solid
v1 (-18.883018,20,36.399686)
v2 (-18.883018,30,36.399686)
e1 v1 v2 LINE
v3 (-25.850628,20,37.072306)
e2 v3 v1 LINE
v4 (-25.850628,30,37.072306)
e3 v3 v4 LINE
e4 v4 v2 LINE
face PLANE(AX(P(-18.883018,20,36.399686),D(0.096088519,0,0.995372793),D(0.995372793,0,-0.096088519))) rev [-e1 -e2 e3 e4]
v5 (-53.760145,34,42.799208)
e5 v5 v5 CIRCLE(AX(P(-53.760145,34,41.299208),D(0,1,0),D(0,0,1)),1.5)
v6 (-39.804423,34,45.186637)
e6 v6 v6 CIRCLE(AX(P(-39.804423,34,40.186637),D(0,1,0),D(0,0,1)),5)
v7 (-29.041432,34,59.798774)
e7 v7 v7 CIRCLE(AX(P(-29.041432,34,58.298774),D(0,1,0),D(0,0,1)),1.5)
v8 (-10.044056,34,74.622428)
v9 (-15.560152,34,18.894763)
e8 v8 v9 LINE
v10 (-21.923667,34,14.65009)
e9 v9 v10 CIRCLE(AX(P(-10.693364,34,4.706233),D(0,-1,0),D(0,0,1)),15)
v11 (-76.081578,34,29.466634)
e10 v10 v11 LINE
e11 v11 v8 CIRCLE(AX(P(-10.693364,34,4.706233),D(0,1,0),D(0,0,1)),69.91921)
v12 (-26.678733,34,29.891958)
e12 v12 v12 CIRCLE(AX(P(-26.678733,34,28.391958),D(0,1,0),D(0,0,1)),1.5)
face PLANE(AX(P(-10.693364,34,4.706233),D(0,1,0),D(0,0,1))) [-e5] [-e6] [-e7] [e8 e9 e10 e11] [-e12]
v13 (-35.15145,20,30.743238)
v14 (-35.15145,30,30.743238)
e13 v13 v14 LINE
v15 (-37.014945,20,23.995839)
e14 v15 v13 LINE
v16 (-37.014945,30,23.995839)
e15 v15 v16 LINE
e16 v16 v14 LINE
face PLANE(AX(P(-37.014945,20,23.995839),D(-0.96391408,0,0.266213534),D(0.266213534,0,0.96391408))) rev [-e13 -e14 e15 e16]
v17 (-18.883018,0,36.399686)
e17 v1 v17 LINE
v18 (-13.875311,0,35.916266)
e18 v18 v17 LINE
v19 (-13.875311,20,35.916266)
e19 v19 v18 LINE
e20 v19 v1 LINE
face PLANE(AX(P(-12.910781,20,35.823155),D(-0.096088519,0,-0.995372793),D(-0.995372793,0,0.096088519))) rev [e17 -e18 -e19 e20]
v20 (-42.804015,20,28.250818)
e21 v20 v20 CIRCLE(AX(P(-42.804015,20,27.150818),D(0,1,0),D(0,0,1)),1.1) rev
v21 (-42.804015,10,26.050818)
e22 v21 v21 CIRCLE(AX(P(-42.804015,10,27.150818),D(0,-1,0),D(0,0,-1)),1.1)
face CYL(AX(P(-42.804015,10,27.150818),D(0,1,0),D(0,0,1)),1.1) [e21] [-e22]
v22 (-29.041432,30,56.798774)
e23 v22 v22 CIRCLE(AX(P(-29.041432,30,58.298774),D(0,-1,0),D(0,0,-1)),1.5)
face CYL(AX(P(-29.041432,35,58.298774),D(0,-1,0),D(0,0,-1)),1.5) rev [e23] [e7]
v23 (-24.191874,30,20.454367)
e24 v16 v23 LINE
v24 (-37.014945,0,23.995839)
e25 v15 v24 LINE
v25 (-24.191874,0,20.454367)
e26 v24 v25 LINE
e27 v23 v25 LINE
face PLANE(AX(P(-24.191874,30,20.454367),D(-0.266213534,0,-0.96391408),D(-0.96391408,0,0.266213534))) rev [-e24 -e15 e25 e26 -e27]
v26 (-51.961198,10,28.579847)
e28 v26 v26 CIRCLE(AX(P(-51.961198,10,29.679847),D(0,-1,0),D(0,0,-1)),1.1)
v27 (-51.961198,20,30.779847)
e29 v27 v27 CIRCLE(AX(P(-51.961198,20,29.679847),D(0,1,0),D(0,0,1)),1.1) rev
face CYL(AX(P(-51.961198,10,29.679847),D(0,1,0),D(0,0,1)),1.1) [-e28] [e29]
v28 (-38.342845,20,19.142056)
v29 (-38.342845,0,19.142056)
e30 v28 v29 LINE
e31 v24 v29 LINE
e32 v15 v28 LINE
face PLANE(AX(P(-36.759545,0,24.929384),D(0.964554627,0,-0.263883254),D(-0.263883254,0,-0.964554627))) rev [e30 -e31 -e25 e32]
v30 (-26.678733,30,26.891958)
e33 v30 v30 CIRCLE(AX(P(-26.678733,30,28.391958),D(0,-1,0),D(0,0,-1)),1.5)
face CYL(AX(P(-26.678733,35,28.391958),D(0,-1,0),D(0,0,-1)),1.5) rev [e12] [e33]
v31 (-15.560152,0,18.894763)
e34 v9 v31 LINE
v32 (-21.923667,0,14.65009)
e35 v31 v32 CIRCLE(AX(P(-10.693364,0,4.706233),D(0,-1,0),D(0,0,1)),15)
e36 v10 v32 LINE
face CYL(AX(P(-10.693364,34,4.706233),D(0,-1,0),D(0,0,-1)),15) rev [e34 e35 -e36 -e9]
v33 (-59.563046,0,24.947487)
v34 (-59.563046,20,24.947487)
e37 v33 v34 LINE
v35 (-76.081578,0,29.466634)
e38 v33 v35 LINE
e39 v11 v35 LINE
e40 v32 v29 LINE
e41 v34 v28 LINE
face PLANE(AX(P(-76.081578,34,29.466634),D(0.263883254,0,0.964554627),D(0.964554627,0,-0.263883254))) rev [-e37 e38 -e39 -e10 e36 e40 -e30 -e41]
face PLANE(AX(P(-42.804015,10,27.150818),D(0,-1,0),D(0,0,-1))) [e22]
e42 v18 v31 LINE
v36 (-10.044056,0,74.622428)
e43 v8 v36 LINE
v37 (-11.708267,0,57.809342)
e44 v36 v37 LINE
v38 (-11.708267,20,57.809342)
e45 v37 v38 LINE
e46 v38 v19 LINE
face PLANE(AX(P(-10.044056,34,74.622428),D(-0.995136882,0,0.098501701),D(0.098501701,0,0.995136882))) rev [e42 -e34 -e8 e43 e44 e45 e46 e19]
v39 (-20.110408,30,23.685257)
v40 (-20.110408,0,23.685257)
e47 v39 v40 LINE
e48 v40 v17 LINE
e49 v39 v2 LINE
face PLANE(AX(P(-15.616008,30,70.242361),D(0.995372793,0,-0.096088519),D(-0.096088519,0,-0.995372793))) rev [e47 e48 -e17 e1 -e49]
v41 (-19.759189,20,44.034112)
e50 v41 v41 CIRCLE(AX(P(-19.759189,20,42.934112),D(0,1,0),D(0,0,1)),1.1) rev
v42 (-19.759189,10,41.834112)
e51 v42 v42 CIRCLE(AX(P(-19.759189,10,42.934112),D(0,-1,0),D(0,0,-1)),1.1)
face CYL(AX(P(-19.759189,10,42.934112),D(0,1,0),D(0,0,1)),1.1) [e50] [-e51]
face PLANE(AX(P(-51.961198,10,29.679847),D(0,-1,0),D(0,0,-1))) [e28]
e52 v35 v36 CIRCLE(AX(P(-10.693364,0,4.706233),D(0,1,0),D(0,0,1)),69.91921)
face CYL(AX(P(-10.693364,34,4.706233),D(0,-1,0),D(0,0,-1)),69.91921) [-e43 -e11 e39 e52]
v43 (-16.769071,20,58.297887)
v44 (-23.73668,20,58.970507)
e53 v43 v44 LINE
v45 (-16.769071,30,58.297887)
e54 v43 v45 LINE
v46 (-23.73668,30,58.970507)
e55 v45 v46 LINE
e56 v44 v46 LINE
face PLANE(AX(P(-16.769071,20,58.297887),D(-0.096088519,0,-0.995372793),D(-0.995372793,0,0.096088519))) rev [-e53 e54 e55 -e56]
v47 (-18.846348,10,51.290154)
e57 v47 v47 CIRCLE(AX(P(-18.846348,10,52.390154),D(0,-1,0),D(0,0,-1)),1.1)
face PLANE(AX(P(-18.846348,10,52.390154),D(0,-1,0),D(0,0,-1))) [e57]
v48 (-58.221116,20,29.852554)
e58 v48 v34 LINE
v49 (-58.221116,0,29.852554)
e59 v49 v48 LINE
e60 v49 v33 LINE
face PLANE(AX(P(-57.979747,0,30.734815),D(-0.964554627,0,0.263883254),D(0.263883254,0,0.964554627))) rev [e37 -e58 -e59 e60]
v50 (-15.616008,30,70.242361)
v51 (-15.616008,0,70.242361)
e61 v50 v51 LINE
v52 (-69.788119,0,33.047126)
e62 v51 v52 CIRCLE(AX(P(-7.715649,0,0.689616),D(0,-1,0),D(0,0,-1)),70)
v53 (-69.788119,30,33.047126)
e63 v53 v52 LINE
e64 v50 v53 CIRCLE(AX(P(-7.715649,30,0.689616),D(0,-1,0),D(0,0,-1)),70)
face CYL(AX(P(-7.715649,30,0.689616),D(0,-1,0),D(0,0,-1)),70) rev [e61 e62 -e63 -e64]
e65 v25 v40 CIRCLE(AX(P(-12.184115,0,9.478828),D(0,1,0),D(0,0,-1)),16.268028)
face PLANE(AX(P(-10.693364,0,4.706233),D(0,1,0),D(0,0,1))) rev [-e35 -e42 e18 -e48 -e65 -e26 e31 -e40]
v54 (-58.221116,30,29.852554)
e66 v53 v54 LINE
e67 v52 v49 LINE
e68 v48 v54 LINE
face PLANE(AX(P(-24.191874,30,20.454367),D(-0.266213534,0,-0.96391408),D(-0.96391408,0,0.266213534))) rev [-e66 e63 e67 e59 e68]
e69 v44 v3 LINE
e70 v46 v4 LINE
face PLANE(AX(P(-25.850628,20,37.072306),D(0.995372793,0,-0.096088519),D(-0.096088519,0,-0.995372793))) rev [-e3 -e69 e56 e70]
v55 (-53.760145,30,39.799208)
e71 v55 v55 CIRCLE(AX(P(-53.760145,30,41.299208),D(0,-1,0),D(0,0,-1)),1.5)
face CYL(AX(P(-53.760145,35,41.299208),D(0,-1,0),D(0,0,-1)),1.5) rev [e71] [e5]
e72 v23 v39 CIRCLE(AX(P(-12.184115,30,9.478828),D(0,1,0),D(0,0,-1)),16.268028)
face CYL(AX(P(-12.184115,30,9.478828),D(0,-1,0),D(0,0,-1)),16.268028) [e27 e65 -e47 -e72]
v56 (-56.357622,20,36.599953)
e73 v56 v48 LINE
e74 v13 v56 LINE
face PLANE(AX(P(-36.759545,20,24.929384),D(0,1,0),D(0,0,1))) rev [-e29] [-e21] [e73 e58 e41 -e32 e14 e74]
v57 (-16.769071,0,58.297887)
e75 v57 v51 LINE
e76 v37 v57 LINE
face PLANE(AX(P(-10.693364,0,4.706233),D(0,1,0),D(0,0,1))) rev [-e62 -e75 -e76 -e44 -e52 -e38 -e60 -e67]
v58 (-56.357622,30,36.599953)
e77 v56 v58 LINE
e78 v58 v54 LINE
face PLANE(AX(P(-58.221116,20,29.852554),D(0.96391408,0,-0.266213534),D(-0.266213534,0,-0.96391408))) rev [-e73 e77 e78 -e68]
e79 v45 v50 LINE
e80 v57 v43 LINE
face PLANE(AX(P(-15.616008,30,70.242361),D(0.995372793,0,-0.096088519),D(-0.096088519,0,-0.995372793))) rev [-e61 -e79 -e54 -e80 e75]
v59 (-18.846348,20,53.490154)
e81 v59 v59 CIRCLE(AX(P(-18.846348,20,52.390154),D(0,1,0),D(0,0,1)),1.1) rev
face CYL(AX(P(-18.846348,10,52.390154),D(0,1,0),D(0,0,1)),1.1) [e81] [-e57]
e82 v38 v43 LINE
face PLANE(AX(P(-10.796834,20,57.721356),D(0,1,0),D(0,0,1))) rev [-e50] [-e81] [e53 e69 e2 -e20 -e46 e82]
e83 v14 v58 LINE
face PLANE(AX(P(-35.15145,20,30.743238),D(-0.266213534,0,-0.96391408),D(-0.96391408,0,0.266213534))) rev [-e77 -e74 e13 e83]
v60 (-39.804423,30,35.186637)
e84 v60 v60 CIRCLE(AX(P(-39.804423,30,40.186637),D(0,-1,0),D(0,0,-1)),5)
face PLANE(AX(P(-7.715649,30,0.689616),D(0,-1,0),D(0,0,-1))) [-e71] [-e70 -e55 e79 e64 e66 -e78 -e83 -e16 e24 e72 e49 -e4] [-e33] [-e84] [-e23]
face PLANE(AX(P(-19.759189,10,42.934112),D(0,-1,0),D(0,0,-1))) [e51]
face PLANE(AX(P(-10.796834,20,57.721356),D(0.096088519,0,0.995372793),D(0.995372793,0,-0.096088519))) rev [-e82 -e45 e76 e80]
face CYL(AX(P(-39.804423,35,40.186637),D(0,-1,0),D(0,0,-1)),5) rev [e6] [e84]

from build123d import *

# Parameters (mm, degrees)
BOSS_EXTRUDE1_DEPTH = 34
CUT_EXTRUDE1_DEPTH  = 30
SKETCH3_R           = 1.5
SKETCH3_R_2         = 5
CUT_EXTRUDE2_DEPTH  = 5
SKETCH4_W           = 22
SKETCH4_H           = 20
CUT_EXTRUDE3_DEPTH  = 6
SKETCH5_W           = 22
SKETCH5_H           = 20
CUT_EXTRUDE4_DEPTH  = 6
BOSS_EXTRUDE2_DEPTH = 10
SKETCH13_R          = 1.1
BOSS_EXTRUDE3_DEPTH = 10


with BuildPart() as part:
    # Sketch1 → Boss-Extrude1 (new body)
    with BuildSketch(Plane(origin=(0, 0, 0), x_dir=(1, 0, 0), z_dir=(0, 1, 0))):
        with BuildLine():
            Line((-76.081577676, -29.466634021), (-21.923666814, -14.650090384))
            ThreePointArc((-21.923666814, -14.650090384), (-19.017028504, -17.184879238), (-15.560151539, -18.894762991))
            Line((-15.560151539, -18.894762991), (-10.044056272, -74.622428409))
            ThreePointArc((-10.044056272, -74.622428409), (-50.159082361, -62.422374938), (-76.081577676, -29.466634021))
        make_face()
    extrude(amount=BOSS_EXTRUDE1_DEPTH)

    # Sketch2 → Cut-Extrude1 (cut)
    with BuildSketch(Plane.XZ):
        with BuildLine():
            Line((-15.616008473, 70.242360983), (-20.11040821, 23.685256516))
            ThreePointArc((-20.11040821, 23.685256516), (-22.281207254, 22.23411959), (-24.191874091, 20.454367051))
            Line((-24.191874091, 20.454367051), (-69.788119019, 33.047125828))
            ThreePointArc((-69.788119019, 33.047125828), (-47.337872486, 58.396456158), (-15.616008473, 70.242360983))
        make_face()
    extrude(amount=-CUT_EXTRUDE1_DEPTH, mode=Mode.SUBTRACT)

    # Sketch3 → Cut-Extrude2 (cut)
    with BuildSketch(Plane.XZ.offset(-30)):
        with Locations(Location((-26.678732616, 28.39195825, 0), (0, 0, 270))):
            Circle(SKETCH3_R)
        with Locations(Location((-53.760144922, 41.299208442, 0), (0, 0, 270))):
            Circle(SKETCH3_R)
        with Locations(Location((-29.04143221, 58.298774373, 0), (0, 0, 270))):
            Circle(SKETCH3_R)
        with Locations(Location((-39.804422608, 40.186637237, 0), (0, 0, 270))):
            Circle(SKETCH3_R_2)
    extrude(amount=-CUT_EXTRUDE2_DEPTH, mode=Mode.SUBTRACT)

    # Sketch4 → Cut-Extrude3 (cut)
    with BuildSketch(Plane(origin=(-22.190078988, 0, 2.142123878), x_dir=(0.09608851901557673, 0, 0.9953727927331515), z_dir=(-0.9953727927331515, 0, 0.09608851901557673))):
        with Locations((45.416815893, 10)):
            Rectangle(SKETCH4_W, SKETCH4_H)
    extrude(amount=-CUT_EXTRUDE3_DEPTH, mode=Mode.SUBTRACT)

    # Sketch5 → Cut-Extrude4 (cut)
    with BuildSketch(Plane(origin=(2.202244009, 0, 8.049713729), x_dir=(-0.9645546270217643, 0, 0.26388325352493547), z_dir=(-0.26388325352493547, 0, -0.9645546270217643))):
        with Locations((53.035036195, 10)):
            Rectangle(SKETCH5_W, SKETCH5_H)
    extrude(amount=-CUT_EXTRUDE4_DEPTH, mode=Mode.SUBTRACT)

    # Sketch10 → Boss-Extrude2 (add)
    with BuildSketch(Plane.XZ.offset(-30)):
        Polygon((-18.88301812, 36.399686031), (-16.769070701, 58.297887471), (-23.73668025, 58.970507104), (-25.850627669, 37.072305664), align=None)
        Polygon((-37.014944581, 23.995839242), (-58.221116276, 29.852554092), (-56.357621539, 36.599952655), (-35.151449843, 30.743237805), align=None)
    extrude(amount=BOSS_EXTRUDE2_DEPTH)

    # Sketch13 → Boss-Extrude3 (add)
    with BuildSketch(Plane.XZ.offset(-20)):
        with Locations(Location((-51.961198367, 29.679846926, 0), (0, 0, 90))):
            Circle(SKETCH13_R)
        with Locations(Location((-42.804014603, 27.150818354, 0), (0, 0, 90))):
            Circle(SKETCH13_R)
        with Locations(Location((-18.846348086, 52.390153669, 0), (0, 0, 90))):
            Circle(SKETCH13_R)
        with Locations(Location((-19.759189017, 42.934112138, 0), (0, 0, 90))):
            Circle(SKETCH13_R)
    extrude(amount=BOSS_EXTRUDE3_DEPTH)


solid = part.part
